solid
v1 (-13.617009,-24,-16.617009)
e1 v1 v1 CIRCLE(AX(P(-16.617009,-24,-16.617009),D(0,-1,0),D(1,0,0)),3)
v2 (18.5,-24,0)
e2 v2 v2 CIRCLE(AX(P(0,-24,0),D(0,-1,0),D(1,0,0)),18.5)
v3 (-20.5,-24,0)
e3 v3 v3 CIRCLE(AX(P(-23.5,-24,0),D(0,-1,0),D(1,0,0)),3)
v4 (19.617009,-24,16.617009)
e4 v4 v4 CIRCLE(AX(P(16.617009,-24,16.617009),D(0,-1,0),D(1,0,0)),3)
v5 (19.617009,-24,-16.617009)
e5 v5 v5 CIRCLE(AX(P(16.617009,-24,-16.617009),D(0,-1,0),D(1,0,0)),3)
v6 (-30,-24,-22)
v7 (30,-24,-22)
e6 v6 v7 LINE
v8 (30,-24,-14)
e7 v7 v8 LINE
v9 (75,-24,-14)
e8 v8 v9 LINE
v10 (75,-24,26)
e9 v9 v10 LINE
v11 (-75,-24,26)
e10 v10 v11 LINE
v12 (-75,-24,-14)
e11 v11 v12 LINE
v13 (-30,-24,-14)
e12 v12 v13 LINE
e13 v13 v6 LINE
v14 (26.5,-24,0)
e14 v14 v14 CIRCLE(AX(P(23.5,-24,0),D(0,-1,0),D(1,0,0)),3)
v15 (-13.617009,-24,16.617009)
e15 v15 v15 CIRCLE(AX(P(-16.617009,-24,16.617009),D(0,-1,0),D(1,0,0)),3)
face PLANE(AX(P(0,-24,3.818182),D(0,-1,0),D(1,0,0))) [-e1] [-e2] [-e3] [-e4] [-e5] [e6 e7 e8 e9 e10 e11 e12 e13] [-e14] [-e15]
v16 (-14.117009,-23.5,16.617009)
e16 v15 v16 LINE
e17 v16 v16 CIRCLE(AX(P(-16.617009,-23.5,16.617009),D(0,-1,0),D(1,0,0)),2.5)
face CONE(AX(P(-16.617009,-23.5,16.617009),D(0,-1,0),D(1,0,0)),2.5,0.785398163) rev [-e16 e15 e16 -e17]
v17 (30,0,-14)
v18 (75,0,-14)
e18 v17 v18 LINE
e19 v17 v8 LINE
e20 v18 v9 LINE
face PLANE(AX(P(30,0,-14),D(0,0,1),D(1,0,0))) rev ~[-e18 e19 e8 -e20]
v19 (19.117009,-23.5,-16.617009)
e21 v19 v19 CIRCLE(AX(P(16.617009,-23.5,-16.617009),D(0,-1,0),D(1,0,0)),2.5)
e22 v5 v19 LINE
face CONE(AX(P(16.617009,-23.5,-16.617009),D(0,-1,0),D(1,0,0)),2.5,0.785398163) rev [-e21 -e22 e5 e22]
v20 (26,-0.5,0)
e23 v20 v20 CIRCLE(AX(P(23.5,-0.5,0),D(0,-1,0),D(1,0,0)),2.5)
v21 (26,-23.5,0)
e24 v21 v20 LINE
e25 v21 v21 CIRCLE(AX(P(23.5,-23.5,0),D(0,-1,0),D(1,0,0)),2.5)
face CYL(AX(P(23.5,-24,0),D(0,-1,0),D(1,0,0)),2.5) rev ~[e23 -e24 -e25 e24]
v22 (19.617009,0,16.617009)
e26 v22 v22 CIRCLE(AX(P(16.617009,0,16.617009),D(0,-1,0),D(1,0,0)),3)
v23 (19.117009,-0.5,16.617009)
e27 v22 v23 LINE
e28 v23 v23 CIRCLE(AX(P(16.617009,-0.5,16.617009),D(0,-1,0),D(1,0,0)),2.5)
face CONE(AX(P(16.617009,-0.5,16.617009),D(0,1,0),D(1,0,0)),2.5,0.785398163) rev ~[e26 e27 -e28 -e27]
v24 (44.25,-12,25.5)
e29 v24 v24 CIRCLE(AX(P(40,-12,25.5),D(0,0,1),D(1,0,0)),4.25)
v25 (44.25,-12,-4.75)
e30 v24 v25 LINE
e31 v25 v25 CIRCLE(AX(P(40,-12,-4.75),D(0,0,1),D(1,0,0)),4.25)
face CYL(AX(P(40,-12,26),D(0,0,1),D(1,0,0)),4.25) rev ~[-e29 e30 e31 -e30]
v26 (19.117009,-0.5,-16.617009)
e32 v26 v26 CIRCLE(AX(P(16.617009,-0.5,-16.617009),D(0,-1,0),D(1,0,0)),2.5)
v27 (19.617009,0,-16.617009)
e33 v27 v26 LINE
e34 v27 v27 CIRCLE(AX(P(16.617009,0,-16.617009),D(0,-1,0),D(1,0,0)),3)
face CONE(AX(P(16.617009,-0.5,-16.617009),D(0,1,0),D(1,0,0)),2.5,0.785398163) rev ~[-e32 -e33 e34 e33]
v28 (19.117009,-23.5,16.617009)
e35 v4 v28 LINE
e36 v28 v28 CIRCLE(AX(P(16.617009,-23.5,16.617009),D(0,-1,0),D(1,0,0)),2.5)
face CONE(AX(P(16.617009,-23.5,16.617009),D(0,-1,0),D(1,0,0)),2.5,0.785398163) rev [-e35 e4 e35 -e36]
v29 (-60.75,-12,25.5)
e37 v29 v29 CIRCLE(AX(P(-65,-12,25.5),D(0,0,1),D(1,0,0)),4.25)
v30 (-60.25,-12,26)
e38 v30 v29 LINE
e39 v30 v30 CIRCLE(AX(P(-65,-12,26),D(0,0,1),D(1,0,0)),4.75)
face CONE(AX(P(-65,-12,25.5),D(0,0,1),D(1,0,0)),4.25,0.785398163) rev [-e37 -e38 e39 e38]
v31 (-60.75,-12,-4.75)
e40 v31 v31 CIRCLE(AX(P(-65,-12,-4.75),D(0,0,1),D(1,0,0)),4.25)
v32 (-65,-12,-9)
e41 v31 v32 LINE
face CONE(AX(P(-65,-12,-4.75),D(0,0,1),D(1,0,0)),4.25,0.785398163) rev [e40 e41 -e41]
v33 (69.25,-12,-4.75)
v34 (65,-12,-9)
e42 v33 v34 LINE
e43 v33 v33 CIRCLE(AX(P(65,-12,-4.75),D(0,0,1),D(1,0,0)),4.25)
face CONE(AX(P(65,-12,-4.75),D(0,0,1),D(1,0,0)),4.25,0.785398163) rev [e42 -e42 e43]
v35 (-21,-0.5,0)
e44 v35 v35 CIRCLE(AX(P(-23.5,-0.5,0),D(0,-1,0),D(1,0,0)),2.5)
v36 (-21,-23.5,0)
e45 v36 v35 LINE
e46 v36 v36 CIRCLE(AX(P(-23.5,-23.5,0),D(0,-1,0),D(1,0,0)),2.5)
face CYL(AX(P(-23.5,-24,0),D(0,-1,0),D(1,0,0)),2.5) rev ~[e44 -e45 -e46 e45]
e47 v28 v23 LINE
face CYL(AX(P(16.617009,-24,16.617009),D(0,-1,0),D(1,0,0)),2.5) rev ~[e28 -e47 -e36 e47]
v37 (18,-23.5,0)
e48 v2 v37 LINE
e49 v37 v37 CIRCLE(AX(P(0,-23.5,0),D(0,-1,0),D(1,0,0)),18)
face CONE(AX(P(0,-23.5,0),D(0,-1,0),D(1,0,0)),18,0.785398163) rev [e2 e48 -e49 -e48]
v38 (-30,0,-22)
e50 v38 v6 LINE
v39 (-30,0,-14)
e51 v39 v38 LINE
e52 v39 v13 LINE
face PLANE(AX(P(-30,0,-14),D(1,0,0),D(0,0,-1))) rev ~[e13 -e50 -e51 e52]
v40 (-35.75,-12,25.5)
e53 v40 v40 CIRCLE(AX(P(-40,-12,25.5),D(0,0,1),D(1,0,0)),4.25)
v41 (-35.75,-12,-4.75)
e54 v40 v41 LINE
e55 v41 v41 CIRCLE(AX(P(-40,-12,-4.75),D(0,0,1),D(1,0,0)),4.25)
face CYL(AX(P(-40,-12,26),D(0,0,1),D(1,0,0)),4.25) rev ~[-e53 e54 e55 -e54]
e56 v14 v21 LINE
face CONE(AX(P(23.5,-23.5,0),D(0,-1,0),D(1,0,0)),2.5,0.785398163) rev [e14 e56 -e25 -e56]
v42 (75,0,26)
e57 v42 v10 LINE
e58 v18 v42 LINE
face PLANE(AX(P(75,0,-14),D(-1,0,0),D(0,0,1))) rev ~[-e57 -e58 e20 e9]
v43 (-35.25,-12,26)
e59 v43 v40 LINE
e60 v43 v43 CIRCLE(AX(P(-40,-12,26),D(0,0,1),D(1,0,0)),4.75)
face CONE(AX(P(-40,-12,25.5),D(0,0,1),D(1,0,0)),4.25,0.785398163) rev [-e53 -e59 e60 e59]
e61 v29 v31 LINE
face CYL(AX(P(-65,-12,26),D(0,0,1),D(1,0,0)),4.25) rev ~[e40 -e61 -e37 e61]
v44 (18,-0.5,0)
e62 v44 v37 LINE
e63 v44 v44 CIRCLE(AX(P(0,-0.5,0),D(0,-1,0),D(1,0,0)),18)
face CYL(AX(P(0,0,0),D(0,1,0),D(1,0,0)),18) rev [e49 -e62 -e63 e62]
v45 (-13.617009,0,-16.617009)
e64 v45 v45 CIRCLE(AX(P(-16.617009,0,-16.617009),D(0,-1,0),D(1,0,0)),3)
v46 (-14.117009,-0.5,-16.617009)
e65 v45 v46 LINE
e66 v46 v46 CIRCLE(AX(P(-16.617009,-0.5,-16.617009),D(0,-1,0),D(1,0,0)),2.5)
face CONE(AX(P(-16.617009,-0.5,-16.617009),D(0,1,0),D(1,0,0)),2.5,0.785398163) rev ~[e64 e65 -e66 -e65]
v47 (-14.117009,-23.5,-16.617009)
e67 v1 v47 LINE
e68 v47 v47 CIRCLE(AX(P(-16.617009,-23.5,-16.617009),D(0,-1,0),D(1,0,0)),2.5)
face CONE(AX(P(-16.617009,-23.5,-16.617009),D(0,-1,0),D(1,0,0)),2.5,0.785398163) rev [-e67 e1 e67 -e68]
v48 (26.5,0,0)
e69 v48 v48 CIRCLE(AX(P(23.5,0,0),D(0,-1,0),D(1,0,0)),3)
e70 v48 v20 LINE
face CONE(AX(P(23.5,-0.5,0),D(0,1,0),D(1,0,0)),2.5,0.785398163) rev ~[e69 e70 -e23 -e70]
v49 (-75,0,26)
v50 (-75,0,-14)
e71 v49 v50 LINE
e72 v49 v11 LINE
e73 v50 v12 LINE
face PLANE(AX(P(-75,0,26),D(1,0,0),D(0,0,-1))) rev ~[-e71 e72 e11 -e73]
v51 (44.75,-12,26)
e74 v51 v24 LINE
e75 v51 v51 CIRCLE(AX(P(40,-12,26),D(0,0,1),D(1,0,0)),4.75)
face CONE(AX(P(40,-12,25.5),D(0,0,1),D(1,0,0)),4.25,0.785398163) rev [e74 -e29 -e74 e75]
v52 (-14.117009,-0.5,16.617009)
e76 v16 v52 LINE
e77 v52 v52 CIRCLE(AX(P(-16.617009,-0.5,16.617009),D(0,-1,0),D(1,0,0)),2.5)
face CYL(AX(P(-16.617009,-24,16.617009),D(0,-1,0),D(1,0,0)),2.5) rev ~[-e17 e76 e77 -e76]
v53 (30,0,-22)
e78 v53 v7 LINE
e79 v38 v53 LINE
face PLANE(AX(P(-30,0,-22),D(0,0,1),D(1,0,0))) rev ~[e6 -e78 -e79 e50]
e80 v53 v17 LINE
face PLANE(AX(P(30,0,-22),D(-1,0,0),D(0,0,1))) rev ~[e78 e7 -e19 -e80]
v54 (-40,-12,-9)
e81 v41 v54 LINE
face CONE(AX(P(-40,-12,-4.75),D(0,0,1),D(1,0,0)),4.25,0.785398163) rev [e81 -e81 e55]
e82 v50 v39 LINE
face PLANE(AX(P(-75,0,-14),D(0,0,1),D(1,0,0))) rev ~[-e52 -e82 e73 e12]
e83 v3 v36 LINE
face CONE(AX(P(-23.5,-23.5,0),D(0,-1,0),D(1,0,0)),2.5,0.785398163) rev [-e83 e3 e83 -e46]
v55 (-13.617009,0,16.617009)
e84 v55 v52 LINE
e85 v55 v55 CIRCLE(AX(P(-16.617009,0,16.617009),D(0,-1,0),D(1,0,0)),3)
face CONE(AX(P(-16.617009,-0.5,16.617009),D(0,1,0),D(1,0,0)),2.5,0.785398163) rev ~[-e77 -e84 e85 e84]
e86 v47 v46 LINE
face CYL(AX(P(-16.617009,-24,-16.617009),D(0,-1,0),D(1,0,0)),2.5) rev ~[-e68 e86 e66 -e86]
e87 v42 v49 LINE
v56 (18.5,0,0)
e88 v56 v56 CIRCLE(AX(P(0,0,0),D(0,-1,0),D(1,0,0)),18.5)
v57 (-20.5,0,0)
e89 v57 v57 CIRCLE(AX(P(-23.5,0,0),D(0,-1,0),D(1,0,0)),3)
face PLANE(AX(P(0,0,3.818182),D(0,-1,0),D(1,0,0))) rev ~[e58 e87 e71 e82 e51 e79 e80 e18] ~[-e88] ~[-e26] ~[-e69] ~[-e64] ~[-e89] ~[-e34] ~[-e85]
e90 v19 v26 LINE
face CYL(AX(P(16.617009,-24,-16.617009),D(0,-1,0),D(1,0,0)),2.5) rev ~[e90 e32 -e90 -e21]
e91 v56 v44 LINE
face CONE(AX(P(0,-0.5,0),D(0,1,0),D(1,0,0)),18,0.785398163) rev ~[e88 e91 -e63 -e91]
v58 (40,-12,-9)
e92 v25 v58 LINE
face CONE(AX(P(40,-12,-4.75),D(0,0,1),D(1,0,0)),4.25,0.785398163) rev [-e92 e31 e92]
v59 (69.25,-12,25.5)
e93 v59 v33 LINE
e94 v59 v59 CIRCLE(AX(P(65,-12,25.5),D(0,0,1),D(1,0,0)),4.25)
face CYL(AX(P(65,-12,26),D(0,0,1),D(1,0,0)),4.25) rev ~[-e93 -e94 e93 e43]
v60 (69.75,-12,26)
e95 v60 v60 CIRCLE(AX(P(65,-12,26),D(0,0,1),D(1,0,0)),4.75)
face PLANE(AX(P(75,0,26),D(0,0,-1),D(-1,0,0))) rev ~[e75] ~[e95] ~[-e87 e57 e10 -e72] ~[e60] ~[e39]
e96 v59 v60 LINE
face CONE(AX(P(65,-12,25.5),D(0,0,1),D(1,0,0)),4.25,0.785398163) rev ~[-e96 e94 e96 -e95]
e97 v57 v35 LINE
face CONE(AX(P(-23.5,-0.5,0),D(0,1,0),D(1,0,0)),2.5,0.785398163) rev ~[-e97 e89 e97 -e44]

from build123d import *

# Parameters (mm, degrees)
F0_R     = 18
F1_DEPTH = 24
F2_R     = 2.5
F3_DEPTH = 25
F4_R     = 4.25
F5_DEPTH = 35
F6_SIZE  = 4.25
F7_SIZE  = 0.5


with BuildPart() as f1:
    # F0 (on Front) → F1 (new body)
    with BuildSketch(Plane.XZ):
        Polygon((-30, -22), (30, -22), (30, -14), (75, -14), (75, 26), (-75, 26), (-75, -14), (-30, -14), align=None)
        Circle(F0_R, mode=Mode.SUBTRACT)
    extrude(amount=F1_DEPTH)

    # F2 (on face) → F3 (cut)
    with BuildSketch(Plane.XZ.offset(24)):
        with Locations((-23.5, 0)):
            Circle(F2_R)
        with Locations((-16.617009, -16.617009)):
            Circle(F2_R)
        with Locations((16.617009, -16.617009)):
            Circle(F2_R)
        with Locations((23.5, 0)):
            Circle(F2_R)
        with Locations((16.617009, 16.617009)):
            Circle(F2_R)
        with Locations((-16.617009, 16.617009)):
            Circle(F2_R)
    extrude(amount=-F3_DEPTH, mode=Mode.SUBTRACT)

    # F4 (on face) → F5 (cut)
    with BuildSketch(Plane.XY.offset(26)):
        with Locations((-65, -12)):
            Circle(F4_R)
        with Locations((-40, -12)):
            Circle(F4_R)
        with Locations((65, -12)):
            Circle(F4_R)
        with Locations((40, -12)):
            Circle(F4_R)
    extrude(amount=-F5_DEPTH, mode=Mode.SUBTRACT)

    # F6
    f6_edges = [f1.edges().sort_by_distance(p)[0] for p in [
        (-69.25, -12, -9),
        (-44.25, -12, -9),
        (35.75, -12, -9),
        (60.75, -12, -9),
    ]]
    chamfer(f6_edges, length=F6_SIZE)

    # F7
    f7_edges = [f1.edges().sort_by_distance(p)[0] for p in [
        (-69.25, -12, 26),
        (-44.25, -12, 26),
        (35.75, -12, 26),
        (60.75, -12, 26),
        (18, -12, 0),
        (-18, 0, 0),
        (-18, -24, 0),
        (-26, -24, 0),
        (-21, -12, 0),
        (-26, 0, 0),
        (-19.117009, -24, 16.617009),
        (-14.117009, -12, 16.617009),
        (-19.117009, 0, 16.617009),
        (-19.117009, -24, -16.617009),
        (-14.117009, -12, -16.617009),
        (-19.117009, 0, -16.617009),
        (14.117009, -24, -16.617009),
        (19.117009, -12, -16.617009),
        (14.117009, 0, -16.617009),
        (21, -24, 0),
        (26, -12, 0),
        (21, 0, 0),
        (14.117009, -24, 16.617009),
        (19.117009, -12, 16.617009),
        (14.117009, 0, 16.617009),
    ]]
    chamfer(f7_edges, length=F7_SIZE)


solid = f1.part
